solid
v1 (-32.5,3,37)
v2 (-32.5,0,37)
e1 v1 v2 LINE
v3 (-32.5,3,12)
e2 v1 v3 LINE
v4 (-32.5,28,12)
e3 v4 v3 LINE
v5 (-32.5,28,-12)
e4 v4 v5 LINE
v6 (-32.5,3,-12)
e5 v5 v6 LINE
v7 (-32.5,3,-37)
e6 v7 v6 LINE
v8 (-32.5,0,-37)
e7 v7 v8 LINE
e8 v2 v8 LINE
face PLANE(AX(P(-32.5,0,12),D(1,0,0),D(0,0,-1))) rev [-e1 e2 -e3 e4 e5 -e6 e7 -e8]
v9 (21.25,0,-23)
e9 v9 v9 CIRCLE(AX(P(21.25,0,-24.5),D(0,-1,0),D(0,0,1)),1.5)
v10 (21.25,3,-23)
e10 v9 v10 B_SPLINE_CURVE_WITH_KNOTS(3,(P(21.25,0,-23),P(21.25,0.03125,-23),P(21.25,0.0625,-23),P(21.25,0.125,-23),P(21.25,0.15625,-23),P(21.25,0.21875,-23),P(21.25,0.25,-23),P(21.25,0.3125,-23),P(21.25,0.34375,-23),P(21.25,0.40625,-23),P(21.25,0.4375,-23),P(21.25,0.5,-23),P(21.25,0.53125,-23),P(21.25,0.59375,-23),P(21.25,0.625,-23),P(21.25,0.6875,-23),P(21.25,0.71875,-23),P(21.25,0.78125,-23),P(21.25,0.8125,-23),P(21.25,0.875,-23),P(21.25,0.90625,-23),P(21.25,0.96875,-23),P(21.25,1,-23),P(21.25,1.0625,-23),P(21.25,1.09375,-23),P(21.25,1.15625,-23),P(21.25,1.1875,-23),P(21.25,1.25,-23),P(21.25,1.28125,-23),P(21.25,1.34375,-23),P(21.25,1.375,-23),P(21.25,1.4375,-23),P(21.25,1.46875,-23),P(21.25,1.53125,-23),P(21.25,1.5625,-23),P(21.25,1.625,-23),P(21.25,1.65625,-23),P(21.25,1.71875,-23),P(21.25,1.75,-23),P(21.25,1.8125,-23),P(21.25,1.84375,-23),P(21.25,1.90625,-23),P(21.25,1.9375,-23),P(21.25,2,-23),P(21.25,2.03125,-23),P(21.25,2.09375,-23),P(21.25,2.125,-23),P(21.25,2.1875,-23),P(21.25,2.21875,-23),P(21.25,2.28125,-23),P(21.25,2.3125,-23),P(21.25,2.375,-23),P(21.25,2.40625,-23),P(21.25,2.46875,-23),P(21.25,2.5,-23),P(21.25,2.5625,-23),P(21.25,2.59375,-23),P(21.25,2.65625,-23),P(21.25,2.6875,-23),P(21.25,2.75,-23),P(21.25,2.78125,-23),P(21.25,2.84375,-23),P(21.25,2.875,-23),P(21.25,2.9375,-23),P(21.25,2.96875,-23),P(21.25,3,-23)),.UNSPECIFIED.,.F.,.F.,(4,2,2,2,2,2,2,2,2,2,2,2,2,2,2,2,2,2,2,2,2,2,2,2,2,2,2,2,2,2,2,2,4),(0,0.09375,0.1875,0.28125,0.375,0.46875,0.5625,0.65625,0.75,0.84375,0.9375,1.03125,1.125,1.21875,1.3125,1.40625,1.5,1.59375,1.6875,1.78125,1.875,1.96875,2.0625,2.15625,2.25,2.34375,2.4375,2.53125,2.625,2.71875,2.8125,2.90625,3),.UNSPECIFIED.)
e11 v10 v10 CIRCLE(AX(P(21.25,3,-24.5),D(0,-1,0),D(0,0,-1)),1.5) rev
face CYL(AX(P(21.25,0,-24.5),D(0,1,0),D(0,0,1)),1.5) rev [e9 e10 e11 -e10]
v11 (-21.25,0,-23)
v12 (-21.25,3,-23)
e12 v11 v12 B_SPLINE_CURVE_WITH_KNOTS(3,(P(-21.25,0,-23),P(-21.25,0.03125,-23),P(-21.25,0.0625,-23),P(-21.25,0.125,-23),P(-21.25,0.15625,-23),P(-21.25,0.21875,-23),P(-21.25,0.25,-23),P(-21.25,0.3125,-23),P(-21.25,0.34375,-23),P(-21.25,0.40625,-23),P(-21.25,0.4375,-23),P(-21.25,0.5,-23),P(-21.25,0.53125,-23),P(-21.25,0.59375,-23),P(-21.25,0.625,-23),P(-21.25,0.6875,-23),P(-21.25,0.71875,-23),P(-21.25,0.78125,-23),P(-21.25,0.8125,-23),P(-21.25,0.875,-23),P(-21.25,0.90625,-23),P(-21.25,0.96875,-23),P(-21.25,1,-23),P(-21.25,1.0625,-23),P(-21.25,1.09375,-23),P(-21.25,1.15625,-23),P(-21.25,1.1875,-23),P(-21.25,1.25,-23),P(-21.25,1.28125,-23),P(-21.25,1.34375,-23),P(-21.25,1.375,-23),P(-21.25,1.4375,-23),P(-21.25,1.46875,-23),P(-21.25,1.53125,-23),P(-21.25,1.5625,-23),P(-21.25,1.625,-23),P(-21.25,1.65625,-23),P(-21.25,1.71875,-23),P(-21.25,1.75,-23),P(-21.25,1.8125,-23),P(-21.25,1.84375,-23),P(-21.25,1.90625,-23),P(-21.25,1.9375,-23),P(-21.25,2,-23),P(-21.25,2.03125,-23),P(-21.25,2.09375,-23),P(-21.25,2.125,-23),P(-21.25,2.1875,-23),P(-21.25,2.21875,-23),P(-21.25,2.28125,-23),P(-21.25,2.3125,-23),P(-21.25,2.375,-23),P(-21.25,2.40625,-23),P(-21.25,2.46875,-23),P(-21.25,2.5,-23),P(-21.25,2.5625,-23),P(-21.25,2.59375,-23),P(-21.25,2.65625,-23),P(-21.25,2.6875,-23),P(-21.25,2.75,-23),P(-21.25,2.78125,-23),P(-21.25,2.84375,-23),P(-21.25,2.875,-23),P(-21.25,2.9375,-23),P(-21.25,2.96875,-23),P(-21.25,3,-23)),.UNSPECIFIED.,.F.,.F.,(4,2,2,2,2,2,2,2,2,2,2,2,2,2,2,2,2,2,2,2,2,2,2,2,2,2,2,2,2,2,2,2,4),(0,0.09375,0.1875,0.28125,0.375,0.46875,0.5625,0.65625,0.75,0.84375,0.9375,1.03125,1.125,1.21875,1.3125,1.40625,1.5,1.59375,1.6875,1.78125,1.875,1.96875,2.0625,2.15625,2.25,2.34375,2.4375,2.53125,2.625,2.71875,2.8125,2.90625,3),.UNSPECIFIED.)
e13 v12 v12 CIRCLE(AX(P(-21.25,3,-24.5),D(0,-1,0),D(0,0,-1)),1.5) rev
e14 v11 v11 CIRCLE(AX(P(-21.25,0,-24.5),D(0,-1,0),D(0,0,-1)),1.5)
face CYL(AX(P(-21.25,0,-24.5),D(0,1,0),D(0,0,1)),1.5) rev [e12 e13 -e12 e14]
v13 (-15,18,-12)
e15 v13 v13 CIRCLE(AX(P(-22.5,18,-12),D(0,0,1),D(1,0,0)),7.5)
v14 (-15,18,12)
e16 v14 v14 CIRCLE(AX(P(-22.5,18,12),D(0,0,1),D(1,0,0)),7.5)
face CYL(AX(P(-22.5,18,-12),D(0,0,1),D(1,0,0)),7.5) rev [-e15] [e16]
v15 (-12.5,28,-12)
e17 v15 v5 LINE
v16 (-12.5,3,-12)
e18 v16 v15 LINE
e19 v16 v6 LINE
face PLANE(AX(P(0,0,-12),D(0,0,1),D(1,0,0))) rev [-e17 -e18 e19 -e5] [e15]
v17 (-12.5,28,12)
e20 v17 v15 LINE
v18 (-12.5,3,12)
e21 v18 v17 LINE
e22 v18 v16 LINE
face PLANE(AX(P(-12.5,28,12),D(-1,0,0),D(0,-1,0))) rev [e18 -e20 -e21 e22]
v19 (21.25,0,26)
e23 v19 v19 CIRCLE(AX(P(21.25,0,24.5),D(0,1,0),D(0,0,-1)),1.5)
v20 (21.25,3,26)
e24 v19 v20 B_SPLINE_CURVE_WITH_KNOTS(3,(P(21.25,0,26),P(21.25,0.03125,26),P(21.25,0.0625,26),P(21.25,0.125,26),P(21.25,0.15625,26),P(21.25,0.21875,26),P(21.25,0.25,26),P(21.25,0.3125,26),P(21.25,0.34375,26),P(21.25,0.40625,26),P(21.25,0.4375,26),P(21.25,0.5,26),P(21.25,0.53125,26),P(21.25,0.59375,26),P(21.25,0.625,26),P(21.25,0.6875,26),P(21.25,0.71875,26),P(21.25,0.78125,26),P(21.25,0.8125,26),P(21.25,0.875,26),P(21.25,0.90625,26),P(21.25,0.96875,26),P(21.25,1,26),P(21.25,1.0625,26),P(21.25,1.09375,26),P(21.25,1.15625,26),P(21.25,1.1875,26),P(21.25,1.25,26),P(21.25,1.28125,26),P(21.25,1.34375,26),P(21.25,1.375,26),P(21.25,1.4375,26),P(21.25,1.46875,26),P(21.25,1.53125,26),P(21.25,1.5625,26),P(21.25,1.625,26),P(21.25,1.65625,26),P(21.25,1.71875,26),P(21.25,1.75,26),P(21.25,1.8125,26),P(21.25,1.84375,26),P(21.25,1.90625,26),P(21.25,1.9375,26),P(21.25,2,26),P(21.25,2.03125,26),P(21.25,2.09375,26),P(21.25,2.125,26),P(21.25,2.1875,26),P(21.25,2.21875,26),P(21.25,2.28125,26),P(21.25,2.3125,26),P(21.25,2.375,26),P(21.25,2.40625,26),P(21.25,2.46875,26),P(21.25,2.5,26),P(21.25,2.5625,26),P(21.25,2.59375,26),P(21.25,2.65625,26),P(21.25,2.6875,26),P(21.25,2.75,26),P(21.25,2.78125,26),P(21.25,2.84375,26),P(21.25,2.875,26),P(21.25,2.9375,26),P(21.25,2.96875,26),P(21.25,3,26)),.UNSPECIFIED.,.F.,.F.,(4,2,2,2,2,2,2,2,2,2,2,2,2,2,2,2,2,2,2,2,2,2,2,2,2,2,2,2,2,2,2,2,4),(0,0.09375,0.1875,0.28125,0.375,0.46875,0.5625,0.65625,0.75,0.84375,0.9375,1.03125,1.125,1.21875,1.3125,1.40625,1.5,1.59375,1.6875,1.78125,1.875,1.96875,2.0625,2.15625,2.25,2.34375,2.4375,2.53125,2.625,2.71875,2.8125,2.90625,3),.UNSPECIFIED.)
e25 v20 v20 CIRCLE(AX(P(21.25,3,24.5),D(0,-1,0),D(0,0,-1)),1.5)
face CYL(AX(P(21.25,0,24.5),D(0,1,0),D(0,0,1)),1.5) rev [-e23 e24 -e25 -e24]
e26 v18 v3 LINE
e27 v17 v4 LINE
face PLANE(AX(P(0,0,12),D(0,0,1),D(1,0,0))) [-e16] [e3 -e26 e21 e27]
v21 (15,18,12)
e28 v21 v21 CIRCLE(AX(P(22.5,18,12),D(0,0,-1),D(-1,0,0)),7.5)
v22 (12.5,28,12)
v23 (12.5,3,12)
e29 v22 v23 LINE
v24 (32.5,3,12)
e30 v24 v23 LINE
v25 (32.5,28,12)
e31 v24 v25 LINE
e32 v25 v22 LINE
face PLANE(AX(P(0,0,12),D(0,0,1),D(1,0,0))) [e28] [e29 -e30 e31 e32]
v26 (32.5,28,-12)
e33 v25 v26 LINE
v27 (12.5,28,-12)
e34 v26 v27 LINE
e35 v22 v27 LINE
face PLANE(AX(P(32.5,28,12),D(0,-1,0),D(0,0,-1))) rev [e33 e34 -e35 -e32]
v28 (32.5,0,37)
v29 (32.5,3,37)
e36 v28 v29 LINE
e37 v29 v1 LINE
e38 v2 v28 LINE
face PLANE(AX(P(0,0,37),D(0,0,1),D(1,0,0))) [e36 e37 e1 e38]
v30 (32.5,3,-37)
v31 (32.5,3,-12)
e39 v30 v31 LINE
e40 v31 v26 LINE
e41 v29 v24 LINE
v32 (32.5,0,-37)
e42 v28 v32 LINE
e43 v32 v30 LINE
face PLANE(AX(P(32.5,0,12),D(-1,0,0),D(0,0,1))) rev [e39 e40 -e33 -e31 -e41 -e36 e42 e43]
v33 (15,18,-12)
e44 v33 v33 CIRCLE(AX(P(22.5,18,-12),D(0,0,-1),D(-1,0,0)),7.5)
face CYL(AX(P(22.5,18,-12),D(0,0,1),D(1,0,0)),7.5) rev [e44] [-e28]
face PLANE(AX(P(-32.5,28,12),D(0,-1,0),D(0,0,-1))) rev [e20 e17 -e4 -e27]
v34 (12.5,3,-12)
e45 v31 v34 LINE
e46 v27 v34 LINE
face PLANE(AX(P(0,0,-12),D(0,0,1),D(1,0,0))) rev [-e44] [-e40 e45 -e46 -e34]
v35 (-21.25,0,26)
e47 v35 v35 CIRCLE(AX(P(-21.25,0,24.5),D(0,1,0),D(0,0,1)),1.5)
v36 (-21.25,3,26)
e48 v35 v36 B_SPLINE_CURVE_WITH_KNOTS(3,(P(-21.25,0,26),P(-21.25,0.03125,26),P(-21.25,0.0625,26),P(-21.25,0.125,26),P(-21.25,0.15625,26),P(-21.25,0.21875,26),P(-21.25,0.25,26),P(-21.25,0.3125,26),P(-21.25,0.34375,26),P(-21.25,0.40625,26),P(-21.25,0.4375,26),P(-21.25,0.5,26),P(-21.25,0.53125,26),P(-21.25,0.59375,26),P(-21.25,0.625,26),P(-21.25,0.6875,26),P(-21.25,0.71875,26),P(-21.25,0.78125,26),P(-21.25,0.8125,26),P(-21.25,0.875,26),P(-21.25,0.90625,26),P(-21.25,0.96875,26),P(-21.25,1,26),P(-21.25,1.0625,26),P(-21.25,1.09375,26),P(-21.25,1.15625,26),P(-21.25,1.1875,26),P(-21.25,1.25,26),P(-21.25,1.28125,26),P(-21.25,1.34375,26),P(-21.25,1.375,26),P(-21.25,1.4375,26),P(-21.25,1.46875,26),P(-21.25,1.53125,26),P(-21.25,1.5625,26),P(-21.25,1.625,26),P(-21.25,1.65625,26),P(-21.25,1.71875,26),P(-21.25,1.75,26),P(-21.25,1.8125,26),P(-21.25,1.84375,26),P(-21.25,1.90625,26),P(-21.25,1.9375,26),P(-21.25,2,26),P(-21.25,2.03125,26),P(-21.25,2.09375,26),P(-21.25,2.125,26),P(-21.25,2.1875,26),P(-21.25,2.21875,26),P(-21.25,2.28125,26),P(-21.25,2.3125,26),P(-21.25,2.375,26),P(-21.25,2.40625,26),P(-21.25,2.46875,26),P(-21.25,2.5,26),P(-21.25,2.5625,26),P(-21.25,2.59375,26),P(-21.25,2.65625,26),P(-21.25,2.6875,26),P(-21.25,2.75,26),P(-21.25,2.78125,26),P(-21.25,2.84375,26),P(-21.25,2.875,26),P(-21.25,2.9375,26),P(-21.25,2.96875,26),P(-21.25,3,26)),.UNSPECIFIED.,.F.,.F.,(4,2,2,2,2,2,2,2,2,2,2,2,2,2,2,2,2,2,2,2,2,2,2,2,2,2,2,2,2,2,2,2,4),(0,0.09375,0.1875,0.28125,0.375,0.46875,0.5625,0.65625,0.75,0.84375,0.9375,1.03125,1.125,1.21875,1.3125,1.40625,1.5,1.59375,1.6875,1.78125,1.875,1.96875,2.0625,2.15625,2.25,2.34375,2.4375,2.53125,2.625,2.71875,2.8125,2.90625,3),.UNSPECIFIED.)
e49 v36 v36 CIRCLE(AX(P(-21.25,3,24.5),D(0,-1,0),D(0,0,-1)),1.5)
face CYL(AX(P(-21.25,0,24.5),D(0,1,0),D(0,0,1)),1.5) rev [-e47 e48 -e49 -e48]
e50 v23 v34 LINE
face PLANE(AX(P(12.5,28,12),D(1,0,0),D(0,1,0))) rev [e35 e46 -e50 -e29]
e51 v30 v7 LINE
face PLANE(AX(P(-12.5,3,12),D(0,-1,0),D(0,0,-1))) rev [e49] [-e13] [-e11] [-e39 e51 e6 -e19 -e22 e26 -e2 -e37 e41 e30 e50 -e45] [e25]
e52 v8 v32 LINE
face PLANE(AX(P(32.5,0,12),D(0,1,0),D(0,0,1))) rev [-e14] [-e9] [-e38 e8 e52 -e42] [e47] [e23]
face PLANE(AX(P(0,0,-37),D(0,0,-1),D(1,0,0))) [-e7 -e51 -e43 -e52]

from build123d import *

# Parameters (mm, degrees)
BOSS_EXTRUDE1_DEPTH = 12
SKETCH2_R           = 7.5
CUT_EXTRUDE1_DEPTH  = 50.155365933
SKETCH3_W           = 65
SKETCH3_H           = 3
BOSS_EXTRUDE2_DEPTH = 25
SKETCH4_R           = 1.5
CUT_EXTRUDE2_DEPTH  = 56.229068433


with BuildPart() as part:
    # Sketch1 → Boss-Extrude1 (new, symmetric)
    with BuildSketch(Plane.XY):
        Polygon((32.5, 0), (-32.5, 0), (-32.5, 28), (-12.5, 28), (-12.5, 3), (12.5, 3), (12.5, 28), (32.5, 28), align=None)
    extrude(amount=BOSS_EXTRUDE1_DEPTH, both=True)

    # Sketch2 → Cut-Extrude1 (cut, through all)
    with BuildSketch(Plane.XY.offset(12)):
        with Locations((-22.5, 18)):
            Circle(SKETCH2_R)
    cut_extrude1 = extrude(amount=-CUT_EXTRUDE1_DEPTH, mode=Mode.SUBTRACT)

    # Mirror1: Cut-Extrude1 across plane
    add(cut_extrude1.mirror(Plane(origin=(0, 0, 0), x_dir=(0, 0, 1), z_dir=(1, 0, 0))), mode=Mode.SUBTRACT)

    # Sketch3 → Boss-Extrude2 (add)
    with BuildSketch(Plane.XY.offset(12)):
        with Locations((0, 1.5)):
            Rectangle(SKETCH3_W, SKETCH3_H)
    boss_extrude2 = extrude(amount=BOSS_EXTRUDE2_DEPTH)

    # Sketch4 → Cut-Extrude2 (cut, symmetric)
    with BuildSketch(Plane(origin=(0, 3, 0), x_dir=(1, 0, 0), z_dir=(0, 1, 0))):
        with Locations(Location((-21.25, -24.5, 0), (0, 0, 270))):
            Circle(SKETCH4_R)
        with Locations(Location((21.25, -24.5, 0), (0, 0, 270))):
            Circle(SKETCH4_R)
    cut_extrude2 = extrude(amount=CUT_EXTRUDE2_DEPTH, both=True, mode=Mode.SUBTRACT)

    # Mirror2: Boss-Extrude2, Cut-Extrude2 across plane
    add(boss_extrude2.mirror(Plane.XY))
    add(cut_extrude2.mirror(Plane.XY), mode=Mode.SUBTRACT)


solid = part.part
